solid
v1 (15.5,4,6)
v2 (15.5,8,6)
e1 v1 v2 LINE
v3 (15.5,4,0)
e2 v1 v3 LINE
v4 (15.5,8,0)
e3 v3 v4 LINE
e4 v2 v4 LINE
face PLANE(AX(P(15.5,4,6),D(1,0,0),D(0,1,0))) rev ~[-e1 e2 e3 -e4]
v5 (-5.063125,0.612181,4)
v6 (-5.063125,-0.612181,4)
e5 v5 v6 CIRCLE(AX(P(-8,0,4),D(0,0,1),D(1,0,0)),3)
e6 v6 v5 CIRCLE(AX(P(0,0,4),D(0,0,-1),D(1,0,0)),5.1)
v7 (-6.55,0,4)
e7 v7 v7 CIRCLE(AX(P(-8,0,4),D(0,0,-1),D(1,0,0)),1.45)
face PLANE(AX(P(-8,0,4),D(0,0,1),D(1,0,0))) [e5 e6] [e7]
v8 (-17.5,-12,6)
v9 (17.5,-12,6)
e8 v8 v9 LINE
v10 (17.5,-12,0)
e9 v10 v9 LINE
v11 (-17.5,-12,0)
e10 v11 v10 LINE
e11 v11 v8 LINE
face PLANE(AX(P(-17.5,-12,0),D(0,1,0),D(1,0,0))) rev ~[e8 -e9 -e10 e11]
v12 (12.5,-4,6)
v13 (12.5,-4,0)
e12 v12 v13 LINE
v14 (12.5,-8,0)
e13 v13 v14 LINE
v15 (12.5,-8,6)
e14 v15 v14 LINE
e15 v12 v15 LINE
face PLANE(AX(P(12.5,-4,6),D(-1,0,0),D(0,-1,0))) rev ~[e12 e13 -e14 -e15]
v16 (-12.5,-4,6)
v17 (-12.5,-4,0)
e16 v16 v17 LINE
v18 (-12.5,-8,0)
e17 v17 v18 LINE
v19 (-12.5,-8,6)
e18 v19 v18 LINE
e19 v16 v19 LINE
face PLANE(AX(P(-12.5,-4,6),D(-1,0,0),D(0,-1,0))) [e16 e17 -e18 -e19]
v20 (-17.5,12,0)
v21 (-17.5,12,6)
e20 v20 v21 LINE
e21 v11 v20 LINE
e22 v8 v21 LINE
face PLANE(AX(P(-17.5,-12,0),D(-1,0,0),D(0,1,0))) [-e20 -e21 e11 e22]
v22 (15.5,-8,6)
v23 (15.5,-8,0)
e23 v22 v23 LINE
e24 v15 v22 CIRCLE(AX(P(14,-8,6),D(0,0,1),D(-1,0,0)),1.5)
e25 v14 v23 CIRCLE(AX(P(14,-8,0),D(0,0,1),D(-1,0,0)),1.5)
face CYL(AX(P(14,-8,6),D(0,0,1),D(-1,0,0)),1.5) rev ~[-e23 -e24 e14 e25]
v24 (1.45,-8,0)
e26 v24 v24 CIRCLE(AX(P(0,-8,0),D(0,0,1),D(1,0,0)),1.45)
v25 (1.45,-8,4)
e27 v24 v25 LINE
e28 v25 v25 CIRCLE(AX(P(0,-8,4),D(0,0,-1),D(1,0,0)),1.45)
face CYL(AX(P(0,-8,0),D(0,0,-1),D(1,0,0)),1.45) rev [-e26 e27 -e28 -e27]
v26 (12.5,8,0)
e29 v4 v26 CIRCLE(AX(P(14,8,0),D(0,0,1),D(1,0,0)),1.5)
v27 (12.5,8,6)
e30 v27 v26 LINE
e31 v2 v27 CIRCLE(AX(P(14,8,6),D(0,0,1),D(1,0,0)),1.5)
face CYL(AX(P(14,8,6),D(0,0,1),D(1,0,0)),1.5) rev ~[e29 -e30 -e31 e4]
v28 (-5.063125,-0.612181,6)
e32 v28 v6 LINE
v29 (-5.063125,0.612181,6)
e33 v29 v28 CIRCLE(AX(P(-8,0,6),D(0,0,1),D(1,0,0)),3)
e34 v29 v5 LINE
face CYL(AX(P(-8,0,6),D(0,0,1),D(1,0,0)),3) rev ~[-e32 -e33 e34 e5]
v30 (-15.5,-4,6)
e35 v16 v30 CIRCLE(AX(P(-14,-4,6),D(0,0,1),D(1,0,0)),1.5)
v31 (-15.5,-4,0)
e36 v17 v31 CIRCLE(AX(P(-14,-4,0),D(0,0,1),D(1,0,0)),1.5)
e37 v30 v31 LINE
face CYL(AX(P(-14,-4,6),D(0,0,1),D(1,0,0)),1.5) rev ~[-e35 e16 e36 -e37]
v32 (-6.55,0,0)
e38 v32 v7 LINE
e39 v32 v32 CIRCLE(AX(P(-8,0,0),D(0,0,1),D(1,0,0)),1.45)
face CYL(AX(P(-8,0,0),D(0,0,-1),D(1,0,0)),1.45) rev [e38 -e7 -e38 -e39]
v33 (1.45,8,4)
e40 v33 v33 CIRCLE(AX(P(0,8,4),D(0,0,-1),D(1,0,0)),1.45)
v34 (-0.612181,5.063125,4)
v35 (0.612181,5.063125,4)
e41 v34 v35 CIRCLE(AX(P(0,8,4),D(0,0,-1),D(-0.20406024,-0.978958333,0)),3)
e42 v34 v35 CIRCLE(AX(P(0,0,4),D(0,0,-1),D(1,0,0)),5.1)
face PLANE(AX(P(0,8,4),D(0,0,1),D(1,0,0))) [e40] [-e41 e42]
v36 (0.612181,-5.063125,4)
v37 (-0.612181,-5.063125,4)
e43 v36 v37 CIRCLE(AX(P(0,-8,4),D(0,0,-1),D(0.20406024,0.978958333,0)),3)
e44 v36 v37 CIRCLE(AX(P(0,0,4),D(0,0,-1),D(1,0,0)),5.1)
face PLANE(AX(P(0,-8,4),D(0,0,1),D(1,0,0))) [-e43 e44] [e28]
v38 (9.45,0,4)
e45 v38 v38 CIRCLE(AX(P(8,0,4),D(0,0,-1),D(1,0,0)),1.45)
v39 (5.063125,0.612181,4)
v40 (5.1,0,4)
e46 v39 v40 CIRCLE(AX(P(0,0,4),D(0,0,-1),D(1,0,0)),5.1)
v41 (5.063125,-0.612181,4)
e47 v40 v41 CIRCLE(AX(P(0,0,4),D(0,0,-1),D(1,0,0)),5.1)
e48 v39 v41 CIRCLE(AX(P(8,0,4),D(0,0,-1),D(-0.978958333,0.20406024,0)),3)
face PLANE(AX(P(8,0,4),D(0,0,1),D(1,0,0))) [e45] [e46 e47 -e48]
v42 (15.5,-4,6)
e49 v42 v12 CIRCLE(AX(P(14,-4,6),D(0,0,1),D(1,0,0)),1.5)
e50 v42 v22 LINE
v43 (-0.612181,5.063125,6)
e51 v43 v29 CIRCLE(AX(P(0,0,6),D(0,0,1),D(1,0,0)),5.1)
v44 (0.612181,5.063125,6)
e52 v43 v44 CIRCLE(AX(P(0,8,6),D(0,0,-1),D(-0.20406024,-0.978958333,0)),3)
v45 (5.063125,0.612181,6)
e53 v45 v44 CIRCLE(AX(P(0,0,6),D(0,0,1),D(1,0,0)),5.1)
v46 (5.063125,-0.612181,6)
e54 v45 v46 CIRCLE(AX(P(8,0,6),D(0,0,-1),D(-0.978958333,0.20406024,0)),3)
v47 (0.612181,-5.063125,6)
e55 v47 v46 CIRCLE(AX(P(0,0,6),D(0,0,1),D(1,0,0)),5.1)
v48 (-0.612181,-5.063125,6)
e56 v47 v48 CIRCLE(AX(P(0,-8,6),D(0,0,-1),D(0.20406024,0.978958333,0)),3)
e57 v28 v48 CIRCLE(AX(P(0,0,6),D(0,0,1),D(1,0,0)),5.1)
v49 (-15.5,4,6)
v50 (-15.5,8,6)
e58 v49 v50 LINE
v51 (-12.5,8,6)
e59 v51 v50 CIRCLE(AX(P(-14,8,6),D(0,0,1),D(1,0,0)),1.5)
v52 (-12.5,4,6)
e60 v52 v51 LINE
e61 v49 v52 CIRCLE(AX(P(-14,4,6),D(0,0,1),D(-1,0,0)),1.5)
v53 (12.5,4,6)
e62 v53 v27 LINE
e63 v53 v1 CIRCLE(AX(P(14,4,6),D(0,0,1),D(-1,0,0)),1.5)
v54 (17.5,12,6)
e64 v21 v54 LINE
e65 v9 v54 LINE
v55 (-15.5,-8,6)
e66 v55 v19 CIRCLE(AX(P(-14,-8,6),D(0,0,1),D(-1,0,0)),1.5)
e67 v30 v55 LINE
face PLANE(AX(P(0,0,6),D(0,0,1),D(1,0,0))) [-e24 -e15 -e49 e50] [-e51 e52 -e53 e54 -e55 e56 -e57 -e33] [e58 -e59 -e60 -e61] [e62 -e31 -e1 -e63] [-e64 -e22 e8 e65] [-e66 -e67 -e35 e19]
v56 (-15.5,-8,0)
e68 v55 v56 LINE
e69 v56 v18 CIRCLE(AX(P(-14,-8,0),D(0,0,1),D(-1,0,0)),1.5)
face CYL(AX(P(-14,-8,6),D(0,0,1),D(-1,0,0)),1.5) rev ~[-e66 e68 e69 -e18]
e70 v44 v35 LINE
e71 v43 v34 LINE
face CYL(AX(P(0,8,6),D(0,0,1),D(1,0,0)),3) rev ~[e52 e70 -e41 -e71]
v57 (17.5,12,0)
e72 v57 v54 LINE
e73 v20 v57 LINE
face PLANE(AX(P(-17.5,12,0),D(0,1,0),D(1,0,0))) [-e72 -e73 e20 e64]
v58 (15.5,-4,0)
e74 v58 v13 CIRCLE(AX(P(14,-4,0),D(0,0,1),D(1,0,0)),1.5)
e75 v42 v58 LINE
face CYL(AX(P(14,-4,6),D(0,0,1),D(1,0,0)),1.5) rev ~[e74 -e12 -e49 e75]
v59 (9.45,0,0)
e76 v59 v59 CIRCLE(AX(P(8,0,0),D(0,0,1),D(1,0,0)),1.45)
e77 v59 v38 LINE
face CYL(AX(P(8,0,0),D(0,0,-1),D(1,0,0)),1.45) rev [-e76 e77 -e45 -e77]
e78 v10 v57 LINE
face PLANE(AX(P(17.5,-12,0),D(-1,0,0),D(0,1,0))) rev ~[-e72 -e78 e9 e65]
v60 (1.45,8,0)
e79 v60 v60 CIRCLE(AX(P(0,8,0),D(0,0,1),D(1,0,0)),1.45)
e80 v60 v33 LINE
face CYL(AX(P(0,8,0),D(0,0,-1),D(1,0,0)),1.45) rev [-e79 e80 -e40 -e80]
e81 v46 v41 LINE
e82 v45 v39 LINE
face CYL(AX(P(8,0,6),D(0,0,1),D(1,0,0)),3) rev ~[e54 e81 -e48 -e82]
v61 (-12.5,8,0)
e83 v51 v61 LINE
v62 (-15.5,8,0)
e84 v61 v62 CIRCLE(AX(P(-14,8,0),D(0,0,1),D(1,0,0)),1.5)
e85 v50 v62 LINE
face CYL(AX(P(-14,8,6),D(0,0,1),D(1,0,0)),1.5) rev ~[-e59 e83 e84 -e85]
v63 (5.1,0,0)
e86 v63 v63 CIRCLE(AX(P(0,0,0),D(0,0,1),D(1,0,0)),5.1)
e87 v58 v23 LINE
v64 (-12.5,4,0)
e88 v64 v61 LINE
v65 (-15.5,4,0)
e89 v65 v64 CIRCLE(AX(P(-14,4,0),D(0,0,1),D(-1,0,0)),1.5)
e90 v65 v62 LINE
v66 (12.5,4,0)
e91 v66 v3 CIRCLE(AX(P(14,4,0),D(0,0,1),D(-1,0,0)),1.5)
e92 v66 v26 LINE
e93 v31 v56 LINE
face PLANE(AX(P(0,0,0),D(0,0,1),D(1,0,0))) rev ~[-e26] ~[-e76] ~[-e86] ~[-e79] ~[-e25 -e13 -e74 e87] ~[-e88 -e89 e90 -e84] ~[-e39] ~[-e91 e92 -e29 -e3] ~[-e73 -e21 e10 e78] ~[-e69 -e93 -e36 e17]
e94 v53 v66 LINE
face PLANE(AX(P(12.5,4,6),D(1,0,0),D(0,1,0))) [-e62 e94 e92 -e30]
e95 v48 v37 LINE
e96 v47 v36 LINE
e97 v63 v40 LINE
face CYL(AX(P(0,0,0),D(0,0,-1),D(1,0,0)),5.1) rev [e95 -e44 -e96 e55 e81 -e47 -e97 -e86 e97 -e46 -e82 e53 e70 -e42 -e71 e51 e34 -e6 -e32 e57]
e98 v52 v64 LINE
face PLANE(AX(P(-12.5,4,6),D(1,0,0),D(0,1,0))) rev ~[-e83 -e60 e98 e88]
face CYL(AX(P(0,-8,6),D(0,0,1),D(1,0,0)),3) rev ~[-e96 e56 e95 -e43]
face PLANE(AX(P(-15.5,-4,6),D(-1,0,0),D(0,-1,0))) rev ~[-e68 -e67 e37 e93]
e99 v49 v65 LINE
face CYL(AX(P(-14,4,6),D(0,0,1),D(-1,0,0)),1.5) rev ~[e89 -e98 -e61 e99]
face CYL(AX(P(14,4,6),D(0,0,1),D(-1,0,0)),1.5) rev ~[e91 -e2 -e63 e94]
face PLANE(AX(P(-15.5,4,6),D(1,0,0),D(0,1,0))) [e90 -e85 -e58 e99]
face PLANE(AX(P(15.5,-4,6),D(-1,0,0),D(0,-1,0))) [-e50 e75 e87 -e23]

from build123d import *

# Parameters (mm, degrees)
SKETCH003_W     = 35
SKETCH003_H     = 24
SKETCH003_R     = 5.1
SKETCH003_R_2   = 1.45
PAD003_DEPTH    = 6
SKETCH004_R     = 3
POCKET_DEPTH    = 2
POCKET001_DEPTH = 6.001


with BuildPart() as part:
    # Sketch003 → Pad003 (new body)
    with BuildSketch(Plane.XY):
        Rectangle(SKETCH003_W, SKETCH003_H)
        Circle(SKETCH003_R, mode=Mode.SUBTRACT)
        with Locations((-8, 0)):
            Circle(SKETCH003_R_2, mode=Mode.SUBTRACT)
        with Locations((8, 0)):
            Circle(SKETCH003_R_2, mode=Mode.SUBTRACT)
        with Locations((0, 8)):
            Circle(SKETCH003_R_2, mode=Mode.SUBTRACT)
        with Locations((0, -8)):
            Circle(SKETCH003_R_2, mode=Mode.SUBTRACT)
    extrude(amount=PAD003_DEPTH)

    # Sketch004 (on Face11 of Pad003) → Pocket (cut)
    with BuildSketch(Plane.XY.offset(6)):
        with Locations((-8, 0)):
            Circle(SKETCH004_R)
        with Locations((0, -8)):
            Circle(SKETCH004_R)
        with Locations((8, 0)):
            Circle(SKETCH004_R)
        with Locations((0, 8)):
            Circle(SKETCH004_R)
    extrude(amount=-POCKET_DEPTH, mode=Mode.SUBTRACT)

    # Sketch005 (on Face5 of Pocket) → Pocket001 (cut, through all)
    with BuildSketch(Plane.XY.offset(6)):
        with BuildLine():
            ThreePointArc((-15.5, 4), (-14, 2.5), (-12.5, 4))
            Line((-12.5, 4), (-12.5, 8))
            ThreePointArc((-12.5, 8), (-14, 9.5), (-15.5, 8))
            Line((-15.5, 4), (-15.5, 8))
        make_face()
        with BuildLine():
            ThreePointArc((12.5, 4), (14, 2.5), (15.5, 4))
            Line((15.5, 4), (15.5, 8))
            ThreePointArc((15.5, 8), (14, 9.5), (12.5, 8))
            Line((12.5, 4), (12.5, 8))
        make_face()
        with BuildLine():
            ThreePointArc((-12.5, -4), (-14, -2.5), (-15.5, -4))
            Line((-15.5, -4), (-15.5, -8))
            ThreePointArc((-15.5, -8), (-14, -9.5), (-12.5, -8))
            Line((-12.5, -4), (-12.5, -8))
        make_face()
        with BuildLine():
            ThreePointArc((15.5, -4), (14, -2.5), (12.5, -4))
            Line((12.5, -4), (12.5, -8))
            ThreePointArc((12.5, -8), (14, -9.5), (15.5, -8))
            Line((15.5, -4), (15.5, -8))
        make_face()
    extrude(amount=-POCKET001_DEPTH, mode=Mode.SUBTRACT)


solid = part.part
